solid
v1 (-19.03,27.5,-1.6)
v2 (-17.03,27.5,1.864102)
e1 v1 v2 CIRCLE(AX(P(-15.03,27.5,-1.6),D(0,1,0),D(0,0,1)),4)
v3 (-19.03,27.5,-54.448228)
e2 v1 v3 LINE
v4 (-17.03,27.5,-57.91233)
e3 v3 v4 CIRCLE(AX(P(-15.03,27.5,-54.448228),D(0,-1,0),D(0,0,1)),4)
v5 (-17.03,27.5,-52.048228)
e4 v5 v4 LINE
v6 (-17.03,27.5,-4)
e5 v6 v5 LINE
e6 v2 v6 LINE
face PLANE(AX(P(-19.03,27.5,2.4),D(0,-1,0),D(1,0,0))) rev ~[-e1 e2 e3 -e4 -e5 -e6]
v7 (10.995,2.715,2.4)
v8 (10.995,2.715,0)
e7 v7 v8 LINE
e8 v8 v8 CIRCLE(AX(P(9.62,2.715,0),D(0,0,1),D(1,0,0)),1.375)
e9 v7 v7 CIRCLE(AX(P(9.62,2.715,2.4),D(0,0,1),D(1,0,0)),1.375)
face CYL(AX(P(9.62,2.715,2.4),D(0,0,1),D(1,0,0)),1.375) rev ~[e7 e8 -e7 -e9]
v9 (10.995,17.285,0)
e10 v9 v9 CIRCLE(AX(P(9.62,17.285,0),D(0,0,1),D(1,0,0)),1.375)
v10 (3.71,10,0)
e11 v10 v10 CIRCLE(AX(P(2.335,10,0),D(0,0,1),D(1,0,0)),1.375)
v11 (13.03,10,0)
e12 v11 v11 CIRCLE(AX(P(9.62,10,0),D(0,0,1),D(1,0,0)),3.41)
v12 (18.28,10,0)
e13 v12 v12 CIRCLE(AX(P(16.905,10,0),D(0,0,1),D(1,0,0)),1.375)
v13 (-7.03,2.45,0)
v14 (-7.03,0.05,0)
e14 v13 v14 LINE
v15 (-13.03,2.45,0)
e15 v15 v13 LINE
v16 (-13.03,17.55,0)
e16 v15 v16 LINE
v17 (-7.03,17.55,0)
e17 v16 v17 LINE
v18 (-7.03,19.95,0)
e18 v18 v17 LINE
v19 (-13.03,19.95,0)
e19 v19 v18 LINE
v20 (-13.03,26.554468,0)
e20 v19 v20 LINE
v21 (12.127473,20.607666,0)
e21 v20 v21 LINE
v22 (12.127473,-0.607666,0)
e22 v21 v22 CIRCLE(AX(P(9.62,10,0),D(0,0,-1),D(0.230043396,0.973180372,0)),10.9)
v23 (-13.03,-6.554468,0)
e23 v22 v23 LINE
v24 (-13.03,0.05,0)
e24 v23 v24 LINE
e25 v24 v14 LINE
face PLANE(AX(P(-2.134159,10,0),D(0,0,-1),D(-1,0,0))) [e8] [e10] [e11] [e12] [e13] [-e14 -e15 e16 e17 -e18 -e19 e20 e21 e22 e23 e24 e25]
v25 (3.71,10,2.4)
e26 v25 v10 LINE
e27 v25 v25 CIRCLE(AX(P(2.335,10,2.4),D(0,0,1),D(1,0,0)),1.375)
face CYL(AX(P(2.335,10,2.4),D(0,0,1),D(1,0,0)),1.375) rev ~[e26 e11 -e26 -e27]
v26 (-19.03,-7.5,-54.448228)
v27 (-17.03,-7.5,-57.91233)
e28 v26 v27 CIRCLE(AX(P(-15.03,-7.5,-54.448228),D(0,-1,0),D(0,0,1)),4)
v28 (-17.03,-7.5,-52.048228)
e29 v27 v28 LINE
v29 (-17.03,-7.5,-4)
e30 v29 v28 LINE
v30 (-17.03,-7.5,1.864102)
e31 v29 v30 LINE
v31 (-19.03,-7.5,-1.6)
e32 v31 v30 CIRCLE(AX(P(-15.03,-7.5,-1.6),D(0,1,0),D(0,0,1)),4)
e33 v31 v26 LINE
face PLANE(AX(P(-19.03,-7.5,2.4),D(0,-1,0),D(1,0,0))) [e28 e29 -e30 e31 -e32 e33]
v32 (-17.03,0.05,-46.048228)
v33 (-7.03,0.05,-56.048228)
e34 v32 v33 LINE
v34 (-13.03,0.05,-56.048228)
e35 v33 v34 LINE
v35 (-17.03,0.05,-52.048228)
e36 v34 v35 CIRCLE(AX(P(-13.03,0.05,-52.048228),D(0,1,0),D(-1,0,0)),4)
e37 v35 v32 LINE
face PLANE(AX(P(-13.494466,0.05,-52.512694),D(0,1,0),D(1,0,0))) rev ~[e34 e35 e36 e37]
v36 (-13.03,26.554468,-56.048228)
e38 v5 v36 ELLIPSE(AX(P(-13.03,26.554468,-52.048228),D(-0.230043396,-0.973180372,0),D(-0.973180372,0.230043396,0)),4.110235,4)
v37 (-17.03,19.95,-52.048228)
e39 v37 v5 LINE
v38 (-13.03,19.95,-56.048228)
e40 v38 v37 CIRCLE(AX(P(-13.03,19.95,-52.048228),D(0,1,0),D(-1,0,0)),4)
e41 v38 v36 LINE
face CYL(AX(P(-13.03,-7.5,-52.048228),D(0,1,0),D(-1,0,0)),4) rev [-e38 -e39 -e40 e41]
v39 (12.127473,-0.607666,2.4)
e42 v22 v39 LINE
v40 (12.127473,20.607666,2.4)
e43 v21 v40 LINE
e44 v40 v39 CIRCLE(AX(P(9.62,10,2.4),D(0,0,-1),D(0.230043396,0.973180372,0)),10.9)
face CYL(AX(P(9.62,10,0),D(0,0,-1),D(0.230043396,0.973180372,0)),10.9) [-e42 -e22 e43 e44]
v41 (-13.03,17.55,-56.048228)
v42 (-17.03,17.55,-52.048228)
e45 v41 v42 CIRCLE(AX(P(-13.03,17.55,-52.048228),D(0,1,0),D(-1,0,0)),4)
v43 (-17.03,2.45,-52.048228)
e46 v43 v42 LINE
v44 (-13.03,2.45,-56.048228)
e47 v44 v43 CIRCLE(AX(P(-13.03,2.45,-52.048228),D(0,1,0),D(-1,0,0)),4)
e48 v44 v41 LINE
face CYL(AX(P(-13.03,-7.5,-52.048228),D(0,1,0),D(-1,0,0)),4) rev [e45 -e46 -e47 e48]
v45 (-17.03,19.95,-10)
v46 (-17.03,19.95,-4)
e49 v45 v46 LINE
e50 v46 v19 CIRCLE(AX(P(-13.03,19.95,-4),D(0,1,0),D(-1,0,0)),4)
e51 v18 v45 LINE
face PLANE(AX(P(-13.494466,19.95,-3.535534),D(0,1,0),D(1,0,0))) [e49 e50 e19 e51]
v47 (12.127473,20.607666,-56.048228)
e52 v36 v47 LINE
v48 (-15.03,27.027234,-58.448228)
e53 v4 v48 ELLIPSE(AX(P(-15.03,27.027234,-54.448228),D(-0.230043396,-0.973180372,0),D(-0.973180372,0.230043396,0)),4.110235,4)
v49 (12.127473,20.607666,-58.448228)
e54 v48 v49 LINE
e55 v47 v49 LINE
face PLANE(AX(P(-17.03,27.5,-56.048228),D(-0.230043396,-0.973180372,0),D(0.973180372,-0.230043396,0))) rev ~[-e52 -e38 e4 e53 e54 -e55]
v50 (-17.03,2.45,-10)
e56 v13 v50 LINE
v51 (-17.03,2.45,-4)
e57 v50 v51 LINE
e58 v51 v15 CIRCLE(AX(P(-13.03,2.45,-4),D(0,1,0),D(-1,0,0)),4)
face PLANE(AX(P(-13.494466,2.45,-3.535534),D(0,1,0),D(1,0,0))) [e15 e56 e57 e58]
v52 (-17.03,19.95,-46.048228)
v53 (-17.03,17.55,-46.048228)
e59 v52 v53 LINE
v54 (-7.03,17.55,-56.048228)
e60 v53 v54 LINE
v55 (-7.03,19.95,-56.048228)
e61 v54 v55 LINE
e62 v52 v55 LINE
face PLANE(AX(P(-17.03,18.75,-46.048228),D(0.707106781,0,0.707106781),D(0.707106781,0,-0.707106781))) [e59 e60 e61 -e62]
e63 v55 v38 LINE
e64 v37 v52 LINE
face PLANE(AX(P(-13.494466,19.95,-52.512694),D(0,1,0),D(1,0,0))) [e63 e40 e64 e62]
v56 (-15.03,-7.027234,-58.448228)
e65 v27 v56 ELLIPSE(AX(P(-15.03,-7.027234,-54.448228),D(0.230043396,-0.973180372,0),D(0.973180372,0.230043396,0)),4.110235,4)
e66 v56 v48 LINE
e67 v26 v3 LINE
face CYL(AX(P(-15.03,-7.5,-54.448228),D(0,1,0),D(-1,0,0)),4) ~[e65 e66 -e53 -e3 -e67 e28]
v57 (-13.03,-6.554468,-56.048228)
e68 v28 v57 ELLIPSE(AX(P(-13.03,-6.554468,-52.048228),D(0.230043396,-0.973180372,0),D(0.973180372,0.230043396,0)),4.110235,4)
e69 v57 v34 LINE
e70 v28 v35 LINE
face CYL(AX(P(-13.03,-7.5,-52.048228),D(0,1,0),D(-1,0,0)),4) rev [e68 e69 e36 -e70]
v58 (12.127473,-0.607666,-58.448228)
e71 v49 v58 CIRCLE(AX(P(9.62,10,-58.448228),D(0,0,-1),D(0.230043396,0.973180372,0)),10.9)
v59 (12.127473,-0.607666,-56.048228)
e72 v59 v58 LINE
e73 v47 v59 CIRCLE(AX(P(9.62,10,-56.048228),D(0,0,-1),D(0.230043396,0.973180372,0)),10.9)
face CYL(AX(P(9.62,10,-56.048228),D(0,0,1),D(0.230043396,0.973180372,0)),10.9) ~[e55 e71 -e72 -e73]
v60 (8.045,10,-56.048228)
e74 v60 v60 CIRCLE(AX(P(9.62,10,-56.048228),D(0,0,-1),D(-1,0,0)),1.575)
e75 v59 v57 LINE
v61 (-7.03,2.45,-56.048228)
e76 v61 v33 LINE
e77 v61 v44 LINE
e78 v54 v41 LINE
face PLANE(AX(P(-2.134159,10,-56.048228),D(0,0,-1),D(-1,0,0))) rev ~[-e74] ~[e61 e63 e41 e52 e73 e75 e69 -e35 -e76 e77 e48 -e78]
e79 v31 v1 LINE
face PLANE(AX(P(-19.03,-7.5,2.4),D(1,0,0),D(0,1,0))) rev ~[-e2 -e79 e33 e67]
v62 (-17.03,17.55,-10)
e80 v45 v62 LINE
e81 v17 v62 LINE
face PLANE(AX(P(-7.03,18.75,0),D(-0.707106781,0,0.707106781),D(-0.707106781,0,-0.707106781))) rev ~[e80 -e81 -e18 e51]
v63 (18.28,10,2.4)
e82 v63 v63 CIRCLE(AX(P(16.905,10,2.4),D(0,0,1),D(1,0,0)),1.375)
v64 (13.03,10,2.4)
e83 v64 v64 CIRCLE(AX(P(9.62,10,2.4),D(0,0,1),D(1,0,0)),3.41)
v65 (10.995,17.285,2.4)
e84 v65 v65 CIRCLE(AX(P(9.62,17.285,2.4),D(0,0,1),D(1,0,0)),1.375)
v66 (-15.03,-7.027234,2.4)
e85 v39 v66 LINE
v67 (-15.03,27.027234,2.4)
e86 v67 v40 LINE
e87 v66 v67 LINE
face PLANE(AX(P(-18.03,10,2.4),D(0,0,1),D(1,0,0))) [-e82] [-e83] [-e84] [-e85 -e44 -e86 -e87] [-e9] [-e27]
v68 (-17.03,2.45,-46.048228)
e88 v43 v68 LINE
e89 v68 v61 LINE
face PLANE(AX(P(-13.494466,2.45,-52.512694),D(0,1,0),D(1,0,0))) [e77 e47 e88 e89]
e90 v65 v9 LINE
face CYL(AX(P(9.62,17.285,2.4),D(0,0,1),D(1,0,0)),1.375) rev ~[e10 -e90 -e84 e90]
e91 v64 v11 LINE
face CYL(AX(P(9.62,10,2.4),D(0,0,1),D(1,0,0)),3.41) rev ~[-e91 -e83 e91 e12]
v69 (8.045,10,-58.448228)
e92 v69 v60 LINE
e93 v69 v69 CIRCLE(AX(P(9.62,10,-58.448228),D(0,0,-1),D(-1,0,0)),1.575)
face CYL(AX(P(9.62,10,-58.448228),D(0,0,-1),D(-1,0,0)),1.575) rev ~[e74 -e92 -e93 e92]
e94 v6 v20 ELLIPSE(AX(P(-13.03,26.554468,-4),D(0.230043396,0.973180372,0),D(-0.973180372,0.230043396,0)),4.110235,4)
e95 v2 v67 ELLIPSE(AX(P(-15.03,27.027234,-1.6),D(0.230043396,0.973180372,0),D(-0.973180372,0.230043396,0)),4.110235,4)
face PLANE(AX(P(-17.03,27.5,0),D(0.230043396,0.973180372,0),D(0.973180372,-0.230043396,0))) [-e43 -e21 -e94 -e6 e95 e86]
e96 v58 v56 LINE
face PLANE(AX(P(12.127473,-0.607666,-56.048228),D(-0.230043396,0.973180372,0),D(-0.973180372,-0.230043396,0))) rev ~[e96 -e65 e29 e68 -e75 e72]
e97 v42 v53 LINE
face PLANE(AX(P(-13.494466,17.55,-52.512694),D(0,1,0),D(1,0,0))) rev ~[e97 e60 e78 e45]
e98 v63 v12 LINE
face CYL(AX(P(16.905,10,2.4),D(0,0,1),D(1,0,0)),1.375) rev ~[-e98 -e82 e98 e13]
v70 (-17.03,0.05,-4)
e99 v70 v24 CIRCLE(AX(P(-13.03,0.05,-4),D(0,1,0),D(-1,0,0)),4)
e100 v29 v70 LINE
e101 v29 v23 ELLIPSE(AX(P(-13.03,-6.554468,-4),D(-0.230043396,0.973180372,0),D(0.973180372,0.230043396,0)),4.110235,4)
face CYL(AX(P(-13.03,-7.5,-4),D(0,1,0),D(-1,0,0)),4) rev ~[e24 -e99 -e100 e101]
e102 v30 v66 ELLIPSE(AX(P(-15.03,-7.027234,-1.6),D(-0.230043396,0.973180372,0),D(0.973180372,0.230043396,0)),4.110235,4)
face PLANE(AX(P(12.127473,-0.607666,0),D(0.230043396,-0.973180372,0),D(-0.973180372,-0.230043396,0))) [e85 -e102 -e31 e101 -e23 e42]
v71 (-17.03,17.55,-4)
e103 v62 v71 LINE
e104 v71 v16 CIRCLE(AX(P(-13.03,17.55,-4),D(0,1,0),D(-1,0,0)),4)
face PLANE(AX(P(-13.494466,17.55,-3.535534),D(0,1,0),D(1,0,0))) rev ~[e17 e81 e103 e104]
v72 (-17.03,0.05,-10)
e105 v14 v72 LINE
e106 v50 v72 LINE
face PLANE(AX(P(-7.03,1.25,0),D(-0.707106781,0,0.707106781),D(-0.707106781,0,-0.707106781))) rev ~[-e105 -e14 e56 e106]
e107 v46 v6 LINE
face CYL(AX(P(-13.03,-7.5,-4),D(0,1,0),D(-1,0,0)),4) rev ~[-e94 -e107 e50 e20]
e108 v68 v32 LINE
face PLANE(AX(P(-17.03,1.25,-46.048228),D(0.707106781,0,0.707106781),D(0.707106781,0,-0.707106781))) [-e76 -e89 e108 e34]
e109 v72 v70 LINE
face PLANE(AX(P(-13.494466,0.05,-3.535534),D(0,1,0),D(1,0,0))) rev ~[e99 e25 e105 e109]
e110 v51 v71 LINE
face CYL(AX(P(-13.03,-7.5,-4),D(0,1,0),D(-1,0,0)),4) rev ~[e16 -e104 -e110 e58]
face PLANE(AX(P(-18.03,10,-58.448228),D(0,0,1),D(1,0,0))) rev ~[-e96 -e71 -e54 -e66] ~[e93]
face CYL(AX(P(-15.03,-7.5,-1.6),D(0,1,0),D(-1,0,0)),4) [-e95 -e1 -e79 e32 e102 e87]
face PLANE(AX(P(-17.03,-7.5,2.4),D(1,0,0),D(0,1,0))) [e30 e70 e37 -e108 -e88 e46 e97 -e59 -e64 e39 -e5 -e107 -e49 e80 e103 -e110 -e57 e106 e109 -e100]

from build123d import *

# Parameters (mm, degrees)
BOSS_EXTRUDE1_DEPTH = 2.4
BOSS_EXTRUDE2_DEPTH = 2.4
SKETCH2_W           = 2
SKETCH2_H           = 35
BOSS_EXTRUDE3_DEPTH = 60.848228
CUT_EXTRUDE1_REACH  = 62.848
SKETCH4_R           = 1.575
CUT_EXTRUDE2_REACH  = 62.848
SKETCH6_R           = 3.41
SKETCH6_R_2         = 1.375
FILLET1_R           = 4
BOSS_EXTRUDE4_DEPTH = 1.2
BOSS_EXTRUDE5_DEPTH = 1.2


with BuildPart() as part:
    # Sketch1 → Boss-Extrude1 (new body)
    with BuildSketch(Plane.XY):
        with BuildLine():
            Line((12.127473017, -0.607666052), (-17.03, -7.5))
            Line((-17.03, -7.5), (-17.03, 27.5))
            Line((-17.03, 27.5), (12.127473017, 20.607666052))
            ThreePointArc((12.127473017, 20.607666052), (20.52, 10), (12.127473017, -0.607666052))
        make_face()
    extrude(amount=BOSS_EXTRUDE1_DEPTH)



with BuildPart() as body_2:
    # Sketch3 → Boss-Extrude2 (new body)
    with BuildSketch(Plane(origin=(0, 0, -56.04822809), x_dir=(-1, 0, 0), z_dir=(0, 0, -1))):
        with BuildLine():
            Line((-12.127473017, -0.607666052), (17.03, -7.5))
            Line((17.03, -7.5), (17.03, 27.5))
            Line((17.03, 27.5), (-12.127473017, 20.607666052))
            ThreePointArc((-12.127473017, 20.607666052), (-20.52, 10), (-12.127473017, -0.607666052))
        make_face()
    extrude(amount=BOSS_EXTRUDE2_DEPTH)


with BuildPart() as part_1:
    add(part.part)

    add(body_2.part)  # Boss-Extrude3 merges body 2
    # Sketch2 → Boss-Extrude3 (add)
    with BuildSketch(Plane.XY.offset(2.4)):
        with Locations((-18.03, 10)):
            Rectangle(SKETCH2_W, SKETCH2_H)
    extrude(amount=-BOSS_EXTRUDE3_DEPTH)

    # Sketch4 → Cut-Extrude1 (cut, up to next)
    with BuildSketch(Plane(origin=(0, 0, -58.44822809), x_dir=(-1, 0, 0), z_dir=(0, 0, -1)), mode=Mode.PRIVATE) as cut_extrude1_sk1:
        with Locations((-9.62, 10)):
            Circle(SKETCH4_R)
    cut_extrude1_tool1 = extrude(cut_extrude1_sk1.sketch, amount=-CUT_EXTRUDE1_REACH, mode=Mode.PRIVATE) & part_1.part
    add(cut_extrude1_tool1.solids().sort_by_distance((9.62, 10, -58.448228))[0], mode=Mode.SUBTRACT)

    # Sketch6 → Cut-Extrude2 (cut, up to next)
    with BuildSketch(Plane.XY.offset(2.4), mode=Mode.PRIVATE) as cut_extrude2_sk1:
        with Locations((9.62, 10)):
            Circle(SKETCH6_R)
    cut_extrude2_tool1 = extrude(cut_extrude2_sk1.sketch, amount=-CUT_EXTRUDE2_REACH, mode=Mode.PRIVATE) & part_1.part
    add(cut_extrude2_tool1.solids().sort_by_distance((9.62, 10, 2.4))[0], mode=Mode.SUBTRACT)
    # Sketch6 → Cut-Extrude2 (cut, up to next)
    with BuildSketch(Plane.XY.offset(2.4), mode=Mode.PRIVATE) as cut_extrude2_sk2:
        with Locations((2.335, 10)):
            Circle(SKETCH6_R_2)
    cut_extrude2_tool2 = extrude(cut_extrude2_sk2.sketch, amount=-CUT_EXTRUDE2_REACH, mode=Mode.PRIVATE) & part_1.part
    add(cut_extrude2_tool2.solids().sort_by_distance((2.335, 10, 2.4))[0], mode=Mode.SUBTRACT)
    # Sketch6 → Cut-Extrude2 (cut, up to next)
    with BuildSketch(Plane.XY.offset(2.4), mode=Mode.PRIVATE) as cut_extrude2_sk3:
        with Locations((9.62, 17.285)):
            Circle(SKETCH6_R_2)
    cut_extrude2_tool3 = extrude(cut_extrude2_sk3.sketch, amount=-CUT_EXTRUDE2_REACH, mode=Mode.PRIVATE) & part_1.part
    add(cut_extrude2_tool3.solids().sort_by_distance((9.62, 17.285, 2.4))[0], mode=Mode.SUBTRACT)
    # Sketch6 → Cut-Extrude2 (cut, up to next)
    with BuildSketch(Plane.XY.offset(2.4), mode=Mode.PRIVATE) as cut_extrude2_sk4:
        with Locations((16.905, 10)):
            Circle(SKETCH6_R_2)
    cut_extrude2_tool4 = extrude(cut_extrude2_sk4.sketch, amount=-CUT_EXTRUDE2_REACH, mode=Mode.PRIVATE) & part_1.part
    add(cut_extrude2_tool4.solids().sort_by_distance((16.905, 10, 2.4))[0], mode=Mode.SUBTRACT)
    # Sketch6 → Cut-Extrude2 (cut, up to next)
    with BuildSketch(Plane.XY.offset(2.4), mode=Mode.PRIVATE) as cut_extrude2_sk5:
        with Locations((9.62, 2.715)):
            Circle(SKETCH6_R_2)
    cut_extrude2_tool5 = extrude(cut_extrude2_sk5.sketch, amount=-CUT_EXTRUDE2_REACH, mode=Mode.PRIVATE) & part_1.part
    add(cut_extrude2_tool5.solids().sort_by_distance((9.62, 2.715, 2.4))[0], mode=Mode.SUBTRACT)

    # Fillet1
    fillet1_edges = [part_1.edges().sort_by_distance(p)[0] for p in [
        (-19.03, 10, -58.448228),
        (-19.03, 10, 2.4),
        (-17.03, 10, 0),
        (-17.03, 10, -56.04822809),
    ]]
    fillet(fillet1_edges, radius=FILLET1_R)

    # Sketch9 → Boss-Extrude4 (add, symmetric)
    with BuildSketch(Plane(origin=(0, 18.75, 0), x_dir=(-1, 0, 0), z_dir=(0, -1, 0))):
        Polygon((17.03, 46.04822809), (7.03, 56.04822809), (17.03, 56.04822809), align=None)
        Polygon((17.03, 10), (17.03, 0), (7.03, 0), align=None)
    extrude(amount=BOSS_EXTRUDE4_DEPTH, both=True)

    # Sketch10 → Boss-Extrude5 (add, symmetric)
    with BuildSketch(Plane(origin=(0, 1.25, 0), x_dir=(-1, 0, 0), z_dir=(0, -1, 0))):
        Polygon((7.03, 56.04822809), (17.03, 56.04822809), (17.03, 46.04822809), align=None)
        Polygon((17.03, 10), (17.03, 0), (7.03, 0), align=None)
    extrude(amount=BOSS_EXTRUDE5_DEPTH, both=True)


solid = part_1.part
